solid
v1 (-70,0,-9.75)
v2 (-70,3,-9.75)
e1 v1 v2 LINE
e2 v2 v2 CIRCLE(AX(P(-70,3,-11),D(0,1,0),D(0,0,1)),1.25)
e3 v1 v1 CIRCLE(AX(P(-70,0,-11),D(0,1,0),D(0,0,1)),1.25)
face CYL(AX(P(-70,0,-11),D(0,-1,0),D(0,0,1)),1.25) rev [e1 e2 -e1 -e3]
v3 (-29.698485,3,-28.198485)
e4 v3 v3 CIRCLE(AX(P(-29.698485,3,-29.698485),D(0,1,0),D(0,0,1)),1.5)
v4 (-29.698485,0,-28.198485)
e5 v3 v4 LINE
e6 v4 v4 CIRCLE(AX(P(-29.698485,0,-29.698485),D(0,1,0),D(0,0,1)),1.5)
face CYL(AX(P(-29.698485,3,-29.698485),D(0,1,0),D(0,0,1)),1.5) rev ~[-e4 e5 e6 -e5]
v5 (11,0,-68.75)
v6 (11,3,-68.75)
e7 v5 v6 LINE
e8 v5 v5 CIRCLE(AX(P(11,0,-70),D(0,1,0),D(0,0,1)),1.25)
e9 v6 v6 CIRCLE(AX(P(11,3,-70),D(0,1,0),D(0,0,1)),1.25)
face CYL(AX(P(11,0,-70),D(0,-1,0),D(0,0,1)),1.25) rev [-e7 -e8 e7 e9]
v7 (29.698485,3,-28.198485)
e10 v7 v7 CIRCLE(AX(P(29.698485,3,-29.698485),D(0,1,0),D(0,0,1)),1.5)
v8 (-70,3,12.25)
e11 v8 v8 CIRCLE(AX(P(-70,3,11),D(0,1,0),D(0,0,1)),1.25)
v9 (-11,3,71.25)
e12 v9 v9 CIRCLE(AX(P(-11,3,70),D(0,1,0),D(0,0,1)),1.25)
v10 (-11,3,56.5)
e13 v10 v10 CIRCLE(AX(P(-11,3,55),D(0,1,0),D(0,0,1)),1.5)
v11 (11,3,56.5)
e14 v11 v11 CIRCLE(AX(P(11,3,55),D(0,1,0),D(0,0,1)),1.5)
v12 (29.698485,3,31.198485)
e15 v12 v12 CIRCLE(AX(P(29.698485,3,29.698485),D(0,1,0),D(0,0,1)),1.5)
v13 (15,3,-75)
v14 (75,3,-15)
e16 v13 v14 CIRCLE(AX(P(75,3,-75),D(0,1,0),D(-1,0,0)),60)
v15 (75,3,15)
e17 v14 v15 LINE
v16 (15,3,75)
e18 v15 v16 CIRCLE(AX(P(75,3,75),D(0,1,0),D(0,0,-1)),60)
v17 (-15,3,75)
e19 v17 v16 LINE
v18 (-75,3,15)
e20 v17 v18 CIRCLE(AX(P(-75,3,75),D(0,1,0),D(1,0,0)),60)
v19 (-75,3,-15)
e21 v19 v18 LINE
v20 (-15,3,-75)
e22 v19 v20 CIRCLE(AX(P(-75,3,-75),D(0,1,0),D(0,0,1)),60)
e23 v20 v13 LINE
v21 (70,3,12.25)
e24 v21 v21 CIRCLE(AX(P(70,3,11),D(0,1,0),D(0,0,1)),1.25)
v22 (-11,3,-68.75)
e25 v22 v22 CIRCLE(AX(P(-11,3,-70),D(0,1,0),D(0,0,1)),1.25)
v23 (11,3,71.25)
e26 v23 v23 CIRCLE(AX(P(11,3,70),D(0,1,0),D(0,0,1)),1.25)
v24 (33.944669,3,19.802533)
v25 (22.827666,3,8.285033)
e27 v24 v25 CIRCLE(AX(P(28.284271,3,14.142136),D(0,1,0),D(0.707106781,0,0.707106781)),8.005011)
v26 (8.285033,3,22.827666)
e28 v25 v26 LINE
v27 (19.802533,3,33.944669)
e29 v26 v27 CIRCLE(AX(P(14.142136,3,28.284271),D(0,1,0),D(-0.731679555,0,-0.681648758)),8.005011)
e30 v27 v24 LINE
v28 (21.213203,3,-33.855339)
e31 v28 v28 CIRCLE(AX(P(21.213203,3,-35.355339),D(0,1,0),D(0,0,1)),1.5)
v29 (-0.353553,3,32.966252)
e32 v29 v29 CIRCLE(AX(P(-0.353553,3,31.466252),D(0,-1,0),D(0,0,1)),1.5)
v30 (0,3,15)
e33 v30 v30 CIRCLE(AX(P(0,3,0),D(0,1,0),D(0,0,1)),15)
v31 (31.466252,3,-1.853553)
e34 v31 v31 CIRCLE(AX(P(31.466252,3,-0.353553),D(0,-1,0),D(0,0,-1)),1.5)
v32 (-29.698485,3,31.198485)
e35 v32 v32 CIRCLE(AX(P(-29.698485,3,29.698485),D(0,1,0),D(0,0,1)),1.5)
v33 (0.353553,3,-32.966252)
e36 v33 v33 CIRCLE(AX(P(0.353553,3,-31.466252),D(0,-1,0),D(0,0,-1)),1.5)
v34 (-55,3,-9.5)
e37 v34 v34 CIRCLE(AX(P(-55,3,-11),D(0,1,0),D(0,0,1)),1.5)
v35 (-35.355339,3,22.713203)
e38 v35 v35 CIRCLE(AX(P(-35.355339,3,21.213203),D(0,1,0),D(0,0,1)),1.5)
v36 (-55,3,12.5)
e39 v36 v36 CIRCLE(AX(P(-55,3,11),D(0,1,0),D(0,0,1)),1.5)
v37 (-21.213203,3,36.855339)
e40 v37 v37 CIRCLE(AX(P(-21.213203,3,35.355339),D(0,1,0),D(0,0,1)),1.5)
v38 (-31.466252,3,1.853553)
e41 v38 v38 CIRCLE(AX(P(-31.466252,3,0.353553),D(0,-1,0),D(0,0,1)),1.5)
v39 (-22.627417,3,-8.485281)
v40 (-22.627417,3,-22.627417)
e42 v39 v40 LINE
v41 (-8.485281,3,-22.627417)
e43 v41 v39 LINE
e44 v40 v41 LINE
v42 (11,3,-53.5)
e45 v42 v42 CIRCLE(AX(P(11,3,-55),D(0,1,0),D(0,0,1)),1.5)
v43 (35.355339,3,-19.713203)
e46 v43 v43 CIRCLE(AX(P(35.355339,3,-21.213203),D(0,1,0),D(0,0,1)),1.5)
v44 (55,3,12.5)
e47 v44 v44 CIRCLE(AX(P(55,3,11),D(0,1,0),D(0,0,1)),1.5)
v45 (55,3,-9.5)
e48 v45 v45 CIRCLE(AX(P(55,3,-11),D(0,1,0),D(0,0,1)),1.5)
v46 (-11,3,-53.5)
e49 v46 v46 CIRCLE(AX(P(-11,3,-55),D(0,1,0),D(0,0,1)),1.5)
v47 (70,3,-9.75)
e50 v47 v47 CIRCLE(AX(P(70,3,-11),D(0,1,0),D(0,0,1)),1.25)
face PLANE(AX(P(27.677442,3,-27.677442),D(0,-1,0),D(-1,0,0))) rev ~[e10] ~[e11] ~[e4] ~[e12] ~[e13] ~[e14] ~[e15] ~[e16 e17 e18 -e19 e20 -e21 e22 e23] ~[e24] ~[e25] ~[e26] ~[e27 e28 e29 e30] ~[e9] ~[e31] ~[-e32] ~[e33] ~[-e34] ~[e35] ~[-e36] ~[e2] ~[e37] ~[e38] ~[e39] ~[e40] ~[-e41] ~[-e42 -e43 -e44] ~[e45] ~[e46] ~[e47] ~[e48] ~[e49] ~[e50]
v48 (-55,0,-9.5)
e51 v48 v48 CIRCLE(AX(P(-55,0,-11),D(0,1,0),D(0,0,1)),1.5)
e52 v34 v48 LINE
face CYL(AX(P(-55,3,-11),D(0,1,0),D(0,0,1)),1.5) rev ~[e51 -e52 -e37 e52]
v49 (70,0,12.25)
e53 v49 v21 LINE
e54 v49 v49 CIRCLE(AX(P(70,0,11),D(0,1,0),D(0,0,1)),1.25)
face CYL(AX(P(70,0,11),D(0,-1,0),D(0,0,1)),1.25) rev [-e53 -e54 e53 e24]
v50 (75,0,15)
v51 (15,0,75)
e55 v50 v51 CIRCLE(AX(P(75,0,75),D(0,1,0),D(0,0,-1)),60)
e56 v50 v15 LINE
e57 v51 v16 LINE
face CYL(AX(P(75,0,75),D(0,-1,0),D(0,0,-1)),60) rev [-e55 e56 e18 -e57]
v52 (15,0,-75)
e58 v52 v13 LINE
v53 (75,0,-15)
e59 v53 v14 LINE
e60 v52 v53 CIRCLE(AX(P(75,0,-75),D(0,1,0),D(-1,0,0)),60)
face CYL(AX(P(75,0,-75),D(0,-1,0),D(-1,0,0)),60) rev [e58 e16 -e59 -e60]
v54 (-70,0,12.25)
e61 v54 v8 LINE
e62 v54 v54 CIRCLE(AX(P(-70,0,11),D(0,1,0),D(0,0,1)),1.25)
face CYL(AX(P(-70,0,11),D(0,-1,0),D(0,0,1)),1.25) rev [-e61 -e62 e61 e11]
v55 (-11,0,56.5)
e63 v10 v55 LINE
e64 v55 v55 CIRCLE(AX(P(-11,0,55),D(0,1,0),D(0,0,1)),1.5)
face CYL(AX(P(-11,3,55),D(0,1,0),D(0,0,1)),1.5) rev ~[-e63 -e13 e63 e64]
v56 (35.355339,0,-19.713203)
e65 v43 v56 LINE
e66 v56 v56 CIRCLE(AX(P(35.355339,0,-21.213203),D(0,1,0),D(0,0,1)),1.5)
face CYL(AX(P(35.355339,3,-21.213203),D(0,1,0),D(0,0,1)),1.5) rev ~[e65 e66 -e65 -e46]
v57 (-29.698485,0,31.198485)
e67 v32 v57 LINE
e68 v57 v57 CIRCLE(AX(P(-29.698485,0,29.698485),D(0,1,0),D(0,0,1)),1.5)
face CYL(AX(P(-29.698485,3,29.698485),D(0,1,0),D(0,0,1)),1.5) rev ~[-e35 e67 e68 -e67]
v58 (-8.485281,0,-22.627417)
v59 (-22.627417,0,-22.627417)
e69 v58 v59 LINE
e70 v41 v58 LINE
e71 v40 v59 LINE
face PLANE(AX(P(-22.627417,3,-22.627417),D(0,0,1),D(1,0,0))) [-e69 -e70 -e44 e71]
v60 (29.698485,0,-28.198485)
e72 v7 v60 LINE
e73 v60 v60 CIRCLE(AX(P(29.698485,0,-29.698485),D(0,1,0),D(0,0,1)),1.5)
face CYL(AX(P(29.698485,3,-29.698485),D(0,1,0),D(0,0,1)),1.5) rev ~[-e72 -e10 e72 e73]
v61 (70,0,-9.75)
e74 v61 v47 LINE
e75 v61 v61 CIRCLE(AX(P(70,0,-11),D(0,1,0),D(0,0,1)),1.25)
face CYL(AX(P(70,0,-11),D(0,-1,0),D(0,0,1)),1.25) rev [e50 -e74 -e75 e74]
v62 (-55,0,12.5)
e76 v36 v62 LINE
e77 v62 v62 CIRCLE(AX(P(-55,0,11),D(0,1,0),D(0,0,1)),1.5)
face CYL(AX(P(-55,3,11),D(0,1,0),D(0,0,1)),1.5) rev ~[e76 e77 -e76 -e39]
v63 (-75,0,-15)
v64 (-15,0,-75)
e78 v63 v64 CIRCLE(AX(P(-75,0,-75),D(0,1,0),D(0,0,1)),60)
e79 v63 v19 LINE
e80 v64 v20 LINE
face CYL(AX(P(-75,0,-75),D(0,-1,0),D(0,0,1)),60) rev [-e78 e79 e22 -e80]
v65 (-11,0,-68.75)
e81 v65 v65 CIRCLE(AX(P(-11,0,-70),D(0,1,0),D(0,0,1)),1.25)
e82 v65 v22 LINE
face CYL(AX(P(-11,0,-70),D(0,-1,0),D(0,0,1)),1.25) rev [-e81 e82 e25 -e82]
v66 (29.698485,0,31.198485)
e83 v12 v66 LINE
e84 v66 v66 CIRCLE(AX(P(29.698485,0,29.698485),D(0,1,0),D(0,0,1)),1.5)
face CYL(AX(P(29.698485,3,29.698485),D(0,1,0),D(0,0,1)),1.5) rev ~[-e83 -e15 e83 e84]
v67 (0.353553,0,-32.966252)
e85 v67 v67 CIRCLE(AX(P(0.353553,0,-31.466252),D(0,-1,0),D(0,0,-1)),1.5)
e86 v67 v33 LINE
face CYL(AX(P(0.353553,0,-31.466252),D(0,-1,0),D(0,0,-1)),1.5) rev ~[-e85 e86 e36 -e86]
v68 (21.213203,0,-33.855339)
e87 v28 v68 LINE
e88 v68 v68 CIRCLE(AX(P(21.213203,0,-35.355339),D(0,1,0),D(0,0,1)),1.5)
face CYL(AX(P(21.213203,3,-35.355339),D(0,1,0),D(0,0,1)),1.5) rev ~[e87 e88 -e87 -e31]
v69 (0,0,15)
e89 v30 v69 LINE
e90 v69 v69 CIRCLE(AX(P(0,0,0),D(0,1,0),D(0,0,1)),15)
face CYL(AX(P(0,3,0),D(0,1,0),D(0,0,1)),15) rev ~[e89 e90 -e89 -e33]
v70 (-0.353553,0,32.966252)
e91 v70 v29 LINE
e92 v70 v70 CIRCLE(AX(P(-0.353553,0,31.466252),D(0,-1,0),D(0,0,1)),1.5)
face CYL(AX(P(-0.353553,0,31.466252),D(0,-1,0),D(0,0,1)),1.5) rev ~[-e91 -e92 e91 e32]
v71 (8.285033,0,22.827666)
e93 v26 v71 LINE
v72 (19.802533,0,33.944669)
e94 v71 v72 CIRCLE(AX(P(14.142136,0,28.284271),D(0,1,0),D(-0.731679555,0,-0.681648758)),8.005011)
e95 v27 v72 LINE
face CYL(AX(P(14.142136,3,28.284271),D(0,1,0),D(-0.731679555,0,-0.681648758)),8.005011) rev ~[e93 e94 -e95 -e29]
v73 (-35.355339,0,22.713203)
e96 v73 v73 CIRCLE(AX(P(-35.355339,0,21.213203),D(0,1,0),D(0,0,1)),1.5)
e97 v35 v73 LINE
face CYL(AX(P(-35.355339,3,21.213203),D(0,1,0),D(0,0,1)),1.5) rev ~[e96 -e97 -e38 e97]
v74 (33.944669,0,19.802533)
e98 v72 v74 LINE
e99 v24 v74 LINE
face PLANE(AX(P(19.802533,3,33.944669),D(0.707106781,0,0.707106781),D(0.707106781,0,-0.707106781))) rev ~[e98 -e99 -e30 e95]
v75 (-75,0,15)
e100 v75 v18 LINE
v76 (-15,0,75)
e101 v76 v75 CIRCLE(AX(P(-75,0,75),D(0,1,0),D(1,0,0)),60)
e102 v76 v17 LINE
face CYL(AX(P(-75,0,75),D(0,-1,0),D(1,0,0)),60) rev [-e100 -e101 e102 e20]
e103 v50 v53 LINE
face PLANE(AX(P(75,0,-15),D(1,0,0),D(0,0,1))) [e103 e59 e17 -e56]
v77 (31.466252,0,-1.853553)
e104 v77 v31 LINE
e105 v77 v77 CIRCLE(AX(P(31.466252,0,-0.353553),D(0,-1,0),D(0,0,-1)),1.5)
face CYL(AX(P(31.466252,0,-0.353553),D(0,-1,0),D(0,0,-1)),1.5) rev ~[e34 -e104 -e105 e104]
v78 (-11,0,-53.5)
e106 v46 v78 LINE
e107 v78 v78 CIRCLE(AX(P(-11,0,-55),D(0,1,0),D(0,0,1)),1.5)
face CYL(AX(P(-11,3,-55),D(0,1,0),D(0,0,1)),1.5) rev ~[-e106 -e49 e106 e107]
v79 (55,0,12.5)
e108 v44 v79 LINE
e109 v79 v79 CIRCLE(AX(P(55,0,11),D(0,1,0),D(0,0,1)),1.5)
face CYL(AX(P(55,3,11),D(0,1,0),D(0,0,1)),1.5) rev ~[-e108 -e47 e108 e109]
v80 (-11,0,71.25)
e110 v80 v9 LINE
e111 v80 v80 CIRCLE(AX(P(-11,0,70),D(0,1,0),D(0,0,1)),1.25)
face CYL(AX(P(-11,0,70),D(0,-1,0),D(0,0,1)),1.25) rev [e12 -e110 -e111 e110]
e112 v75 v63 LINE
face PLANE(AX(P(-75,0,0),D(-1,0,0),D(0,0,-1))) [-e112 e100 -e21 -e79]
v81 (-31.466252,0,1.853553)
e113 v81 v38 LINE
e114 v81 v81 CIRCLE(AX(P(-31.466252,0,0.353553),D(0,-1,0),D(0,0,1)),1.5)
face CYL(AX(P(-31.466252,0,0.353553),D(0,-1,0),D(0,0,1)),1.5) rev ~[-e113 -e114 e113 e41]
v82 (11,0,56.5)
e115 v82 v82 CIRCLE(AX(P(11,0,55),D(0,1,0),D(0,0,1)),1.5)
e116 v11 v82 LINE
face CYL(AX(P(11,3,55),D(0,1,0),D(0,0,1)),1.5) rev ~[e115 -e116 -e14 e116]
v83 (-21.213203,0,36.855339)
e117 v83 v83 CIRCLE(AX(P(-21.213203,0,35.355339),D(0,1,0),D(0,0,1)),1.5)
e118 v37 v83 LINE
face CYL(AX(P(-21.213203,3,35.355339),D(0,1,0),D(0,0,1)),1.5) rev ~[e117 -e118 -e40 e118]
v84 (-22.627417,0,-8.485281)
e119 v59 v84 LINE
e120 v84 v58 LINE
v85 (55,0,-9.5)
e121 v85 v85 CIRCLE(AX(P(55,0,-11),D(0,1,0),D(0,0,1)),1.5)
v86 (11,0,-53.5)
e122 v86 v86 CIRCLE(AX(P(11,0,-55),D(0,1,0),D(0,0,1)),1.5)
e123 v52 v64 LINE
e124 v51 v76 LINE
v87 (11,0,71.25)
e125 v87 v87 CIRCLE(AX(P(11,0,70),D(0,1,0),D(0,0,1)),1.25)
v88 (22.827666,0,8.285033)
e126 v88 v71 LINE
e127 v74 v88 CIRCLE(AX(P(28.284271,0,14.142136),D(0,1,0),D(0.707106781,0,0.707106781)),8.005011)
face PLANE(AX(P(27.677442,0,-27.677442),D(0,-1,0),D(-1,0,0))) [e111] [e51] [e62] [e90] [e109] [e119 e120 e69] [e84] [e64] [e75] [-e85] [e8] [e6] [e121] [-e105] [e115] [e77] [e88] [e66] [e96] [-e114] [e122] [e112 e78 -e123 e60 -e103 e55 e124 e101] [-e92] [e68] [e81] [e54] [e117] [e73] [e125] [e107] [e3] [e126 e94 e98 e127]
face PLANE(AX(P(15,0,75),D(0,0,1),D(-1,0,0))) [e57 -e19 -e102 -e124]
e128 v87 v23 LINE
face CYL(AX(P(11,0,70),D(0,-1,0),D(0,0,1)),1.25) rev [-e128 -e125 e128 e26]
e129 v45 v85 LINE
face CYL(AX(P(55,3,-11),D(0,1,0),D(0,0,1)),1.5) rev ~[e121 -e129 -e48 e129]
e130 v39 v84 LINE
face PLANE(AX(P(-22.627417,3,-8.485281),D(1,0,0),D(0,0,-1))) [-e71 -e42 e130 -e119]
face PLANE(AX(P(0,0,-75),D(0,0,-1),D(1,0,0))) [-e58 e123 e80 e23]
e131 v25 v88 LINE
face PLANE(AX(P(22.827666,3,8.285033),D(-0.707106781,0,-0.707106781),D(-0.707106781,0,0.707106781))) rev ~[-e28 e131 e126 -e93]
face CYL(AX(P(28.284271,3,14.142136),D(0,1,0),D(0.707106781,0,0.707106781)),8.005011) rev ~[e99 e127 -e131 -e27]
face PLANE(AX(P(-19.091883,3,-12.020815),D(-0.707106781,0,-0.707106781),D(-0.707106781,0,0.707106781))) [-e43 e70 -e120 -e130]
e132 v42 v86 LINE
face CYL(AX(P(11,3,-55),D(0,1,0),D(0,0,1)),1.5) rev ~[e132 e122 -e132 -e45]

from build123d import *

# Parameters (mm, degrees)
SKETCH_1_R           = 1.25
EXTRUDE_1_DEPTH      = 3
SKETCH_2_R           = 1.5
CUT_EXTRUDE_1_DEPTH  = 3
CUT_EXTRUDE_2_DEPTH  = 3
CUT_EXTRUDE_3_DEPTH  = 3
CUT_EXTRUDE_4_DEPTH  = 10
SKETCH_6_R           = 1.5
CUT_EXTRUDE_5_DEPTH  = 10
SKETCH_7_R           = 1.5
CUT_EXTRUDE_8_DEPTH  = 10
SKETCH_8_R           = 1.5
CUT_EXTRUDE_9_DEPTH  = 10
SKETCH_9_R           = 15
CUT_EXTRUDE_10_DEPTH = 10


with BuildPart() as part:
    # 草图1 → 凸台-拉伸1 (new body)
    # profile 1 of 4: a face of its own
    with BuildSketch(Plane(origin=(0, 0, 0), x_dir=(1, 0, 0), z_dir=(0, 1, 0))):
        with BuildLine():
            ThreePointArc((75, -15), (32.573593129, -32.573593129), (15, -75))
            Line((15, -75), (0, -75))
            Line((0, -75), (0, 0))
            Line((0, 0), (75, 0))
            Line((75, 0), (75, -15))
        make_face()
        with Locations(Location((11, -70, 0), (0, 0, 270))):
            Circle(SKETCH_1_R, mode=Mode.SUBTRACT)
        with Locations(Location((70, -11, 0), (0, 0, 270))):
            Circle(SKETCH_1_R, mode=Mode.SUBTRACT)
    # profile 2 of 4: a face of its own
    with BuildSketch(Plane(origin=(0, 0, 0), x_dir=(1, 0, 0), z_dir=(0, 1, 0))):
        with BuildLine():
            ThreePointArc((-15, -75), (-32.573593129, -32.573593129), (-75, -15))
            Line((-75, -15), (-75, 0))
            Line((-75, 0), (0, 0))
            Line((0, 0), (0, -75))
            Line((0, -75), (-15, -75))
        make_face()
        with Locations(Location((-70, -11, 0), (0, 0, 270))):
            Circle(SKETCH_1_R, mode=Mode.SUBTRACT)
        with Locations(Location((-11, -70, 0), (0, 0, 270))):
            Circle(SKETCH_1_R, mode=Mode.SUBTRACT)
    # profile 3 of 4: a face of its own
    with BuildSketch(Plane(origin=(0, 0, 0), x_dir=(1, 0, 0), z_dir=(0, 1, 0))):
        with BuildLine():
            ThreePointArc((-75, 15), (-32.573593129, 32.573593129), (-15, 75))
            Line((-15, 75), (0, 75))
            Line((0, 75), (0, 0))
            Line((0, 0), (-75, 0))
            Line((-75, 0), (-75, 15))
        make_face()
        with Locations(Location((-11, 70, 0), (0, 0, 270))):
            Circle(SKETCH_1_R, mode=Mode.SUBTRACT)
        with Locations(Location((-70, 11, 0), (0, 0, 270))):
            Circle(SKETCH_1_R, mode=Mode.SUBTRACT)
    # profile 4 of 4: a face of its own
    with BuildSketch(Plane(origin=(0, 0, 0), x_dir=(1, 0, 0), z_dir=(0, 1, 0))):
        with BuildLine():
            ThreePointArc((15, 75), (32.573593129, 32.573593129), (75, 15))
            Line((75, 15), (75, 0))
            Line((75, 0), (0, 0))
            Line((0, 0), (0, 75))
            Line((0, 75), (15, 75))
        make_face()
        with Locations(Location((70, 11, 0), (0, 0, 270))):
            Circle(SKETCH_1_R, mode=Mode.SUBTRACT)
        with Locations(Location((11, 70, 0), (0, 0, 270))):
            Circle(SKETCH_1_R, mode=Mode.SUBTRACT)
    extrude(amount=EXTRUDE_1_DEPTH)

    # 草图2 → 切除-拉伸1 (cut)
    with BuildSketch(Plane.XZ):
        with Locations(Location((0.353553391, -31.466251763, 0), (0, 0, 270))):
            Circle(SKETCH_2_R)
        with Locations(Location((31.466251763, -0.353553391, 0), (0, 0, 270))):
            Circle(SKETCH_2_R)
        with Locations(Location((-0.353553391, 31.466251763, 0), (0, 0, 90))):
            Circle(SKETCH_2_R)
        with Locations(Location((-31.466251763, 0.353553391, 0), (0, 0, 90))):
            Circle(SKETCH_2_R)
    extrude(amount=-CUT_EXTRUDE_1_DEPTH, mode=Mode.SUBTRACT)

    # 草图3 → 切除-拉伸2 (cut)
    with BuildSketch(Plane(origin=(0, 3, 0), x_dir=(1, 0, 0), z_dir=(0, 1, 0))):
        Polygon((-15.556349186, 15.556349186), (-12.02081528, 19.091883092), (-22.627416998, 22.627416998), align=None)
        Polygon((-19.091883092, 12.02081528), (-15.556349186, 15.556349186), (-22.627416998, 22.627416998), align=None)
    extrude(amount=-CUT_EXTRUDE_2_DEPTH, mode=Mode.SUBTRACT)

    # 草图4 → 切除-拉伸3 (cut)
    with BuildSketch(Plane(origin=(0, 3, 0), x_dir=(1, 0, 0), z_dir=(0, 1, 0))):
        with BuildLine():
            ThreePointArc((33.944668714, -19.80253309), (34.043922781, -8.582763971), (22.827665534, -8.285032838))
            Line((22.827665534, -8.285032838), (15.556349186, -15.556349186))
            Line((15.556349186, -15.556349186), (8.285032838, -22.827665534))
            ThreePointArc((8.285032838, -22.827665534), (8.582763971, -34.043922781), (19.80253309, -33.944668714))
            Line((19.80253309, -33.944668714), (33.944668714, -19.80253309))
        make_face()
    extrude(amount=-CUT_EXTRUDE_3_DEPTH, mode=Mode.SUBTRACT)

    # 草图5 → 切除-拉伸4 (cut)
    with BuildSketch(Plane(origin=(0, 3, 0), x_dir=(1, 0, 0), z_dir=(0, 1, 0))):
        Polygon((-22.627416998, 8.485281374), (-22.627416998, 22.627416998), (-19.091883092, 12.02081528), align=None)
        Polygon((-12.02081528, 19.091883092), (-22.627416998, 22.627416998), (-8.485281374, 22.627416998), align=None)
    extrude(amount=-CUT_EXTRUDE_4_DEPTH, mode=Mode.SUBTRACT)

    # 草图6 → 切除-拉伸5 (cut)
    with BuildSketch(Plane(origin=(0, 3, 0), x_dir=(1, 0, 0), z_dir=(0, 1, 0))):
        with Locations(Location((-35.355339059, -21.213203436, 0), (0, 0, 270))):
            Circle(SKETCH_6_R)
        with Locations(Location((-21.213203436, -35.355339059, 0), (0, 0, 270))):
            Circle(SKETCH_6_R)
        with Locations(Location((35.355339059, 21.213203436, 0), (0, 0, 270))):
            Circle(SKETCH_6_R)
        with Locations(Location((21.213203436, 35.355339059, 0), (0, 0, 270))):
            Circle(SKETCH_6_R)
    extrude(amount=-CUT_EXTRUDE_5_DEPTH, mode=Mode.SUBTRACT)

    # 草图7 → 切除-拉伸8 (cut)
    with BuildSketch(Plane(origin=(0, 3, 0), x_dir=(1, 0, 0), z_dir=(0, 1, 0))):
        with Locations(Location((-29.69848481, 29.69848481, 0), (0, 0, 270))):
            Circle(SKETCH_7_R)
        with Locations(Location((29.69848481, 29.69848481, 0), (0, 0, 270))):
            Circle(SKETCH_7_R)
        with Locations(Location((29.69848481, -29.69848481, 0), (0, 0, 270))):
            Circle(SKETCH_7_R)
        with Locations(Location((-29.69848481, -29.69848481, 0), (0, 0, 270))):
            Circle(SKETCH_7_R)
    extrude(amount=-CUT_EXTRUDE_8_DEPTH, mode=Mode.SUBTRACT)

    # 草图8 → 切除-拉伸9 (cut)
    with BuildSketch(Plane(origin=(0, 3, 0), x_dir=(1, 0, 0), z_dir=(0, 1, 0))):
        with Locations(Location((-11, 55, 0), (0, 0, 270))):
            Circle(SKETCH_8_R)
        with Locations(Location((11, 55, 0), (0, 0, 270))):
            Circle(SKETCH_8_R)
        with Locations(Location((55, 11, 0), (0, 0, 270))):
            Circle(SKETCH_8_R)
        with Locations(Location((55, -11, 0), (0, 0, 270))):
            Circle(SKETCH_8_R)
        with Locations(Location((11, -55, 0), (0, 0, 270))):
            Circle(SKETCH_8_R)
        with Locations(Location((-11, -55, 0), (0, 0, 270))):
            Circle(SKETCH_8_R)
        with Locations(Location((-55, -11, 0), (0, 0, 270))):
            Circle(SKETCH_8_R)
        with Locations(Location((-55, 11, 0), (0, 0, 270))):
            Circle(SKETCH_8_R)
    extrude(amount=-CUT_EXTRUDE_9_DEPTH, mode=Mode.SUBTRACT)

    # 草图9 → 切除-拉伸10 (cut)
    with BuildSketch(Plane(origin=(0, 3, 0), x_dir=(1, 0, 0), z_dir=(0, 1, 0))):
        with Locations(Location((0, 0, 0), (0, 0, 270))):
            Circle(SKETCH_9_R)
    extrude(amount=-CUT_EXTRUDE_10_DEPTH, mode=Mode.SUBTRACT)


solid = part.part
